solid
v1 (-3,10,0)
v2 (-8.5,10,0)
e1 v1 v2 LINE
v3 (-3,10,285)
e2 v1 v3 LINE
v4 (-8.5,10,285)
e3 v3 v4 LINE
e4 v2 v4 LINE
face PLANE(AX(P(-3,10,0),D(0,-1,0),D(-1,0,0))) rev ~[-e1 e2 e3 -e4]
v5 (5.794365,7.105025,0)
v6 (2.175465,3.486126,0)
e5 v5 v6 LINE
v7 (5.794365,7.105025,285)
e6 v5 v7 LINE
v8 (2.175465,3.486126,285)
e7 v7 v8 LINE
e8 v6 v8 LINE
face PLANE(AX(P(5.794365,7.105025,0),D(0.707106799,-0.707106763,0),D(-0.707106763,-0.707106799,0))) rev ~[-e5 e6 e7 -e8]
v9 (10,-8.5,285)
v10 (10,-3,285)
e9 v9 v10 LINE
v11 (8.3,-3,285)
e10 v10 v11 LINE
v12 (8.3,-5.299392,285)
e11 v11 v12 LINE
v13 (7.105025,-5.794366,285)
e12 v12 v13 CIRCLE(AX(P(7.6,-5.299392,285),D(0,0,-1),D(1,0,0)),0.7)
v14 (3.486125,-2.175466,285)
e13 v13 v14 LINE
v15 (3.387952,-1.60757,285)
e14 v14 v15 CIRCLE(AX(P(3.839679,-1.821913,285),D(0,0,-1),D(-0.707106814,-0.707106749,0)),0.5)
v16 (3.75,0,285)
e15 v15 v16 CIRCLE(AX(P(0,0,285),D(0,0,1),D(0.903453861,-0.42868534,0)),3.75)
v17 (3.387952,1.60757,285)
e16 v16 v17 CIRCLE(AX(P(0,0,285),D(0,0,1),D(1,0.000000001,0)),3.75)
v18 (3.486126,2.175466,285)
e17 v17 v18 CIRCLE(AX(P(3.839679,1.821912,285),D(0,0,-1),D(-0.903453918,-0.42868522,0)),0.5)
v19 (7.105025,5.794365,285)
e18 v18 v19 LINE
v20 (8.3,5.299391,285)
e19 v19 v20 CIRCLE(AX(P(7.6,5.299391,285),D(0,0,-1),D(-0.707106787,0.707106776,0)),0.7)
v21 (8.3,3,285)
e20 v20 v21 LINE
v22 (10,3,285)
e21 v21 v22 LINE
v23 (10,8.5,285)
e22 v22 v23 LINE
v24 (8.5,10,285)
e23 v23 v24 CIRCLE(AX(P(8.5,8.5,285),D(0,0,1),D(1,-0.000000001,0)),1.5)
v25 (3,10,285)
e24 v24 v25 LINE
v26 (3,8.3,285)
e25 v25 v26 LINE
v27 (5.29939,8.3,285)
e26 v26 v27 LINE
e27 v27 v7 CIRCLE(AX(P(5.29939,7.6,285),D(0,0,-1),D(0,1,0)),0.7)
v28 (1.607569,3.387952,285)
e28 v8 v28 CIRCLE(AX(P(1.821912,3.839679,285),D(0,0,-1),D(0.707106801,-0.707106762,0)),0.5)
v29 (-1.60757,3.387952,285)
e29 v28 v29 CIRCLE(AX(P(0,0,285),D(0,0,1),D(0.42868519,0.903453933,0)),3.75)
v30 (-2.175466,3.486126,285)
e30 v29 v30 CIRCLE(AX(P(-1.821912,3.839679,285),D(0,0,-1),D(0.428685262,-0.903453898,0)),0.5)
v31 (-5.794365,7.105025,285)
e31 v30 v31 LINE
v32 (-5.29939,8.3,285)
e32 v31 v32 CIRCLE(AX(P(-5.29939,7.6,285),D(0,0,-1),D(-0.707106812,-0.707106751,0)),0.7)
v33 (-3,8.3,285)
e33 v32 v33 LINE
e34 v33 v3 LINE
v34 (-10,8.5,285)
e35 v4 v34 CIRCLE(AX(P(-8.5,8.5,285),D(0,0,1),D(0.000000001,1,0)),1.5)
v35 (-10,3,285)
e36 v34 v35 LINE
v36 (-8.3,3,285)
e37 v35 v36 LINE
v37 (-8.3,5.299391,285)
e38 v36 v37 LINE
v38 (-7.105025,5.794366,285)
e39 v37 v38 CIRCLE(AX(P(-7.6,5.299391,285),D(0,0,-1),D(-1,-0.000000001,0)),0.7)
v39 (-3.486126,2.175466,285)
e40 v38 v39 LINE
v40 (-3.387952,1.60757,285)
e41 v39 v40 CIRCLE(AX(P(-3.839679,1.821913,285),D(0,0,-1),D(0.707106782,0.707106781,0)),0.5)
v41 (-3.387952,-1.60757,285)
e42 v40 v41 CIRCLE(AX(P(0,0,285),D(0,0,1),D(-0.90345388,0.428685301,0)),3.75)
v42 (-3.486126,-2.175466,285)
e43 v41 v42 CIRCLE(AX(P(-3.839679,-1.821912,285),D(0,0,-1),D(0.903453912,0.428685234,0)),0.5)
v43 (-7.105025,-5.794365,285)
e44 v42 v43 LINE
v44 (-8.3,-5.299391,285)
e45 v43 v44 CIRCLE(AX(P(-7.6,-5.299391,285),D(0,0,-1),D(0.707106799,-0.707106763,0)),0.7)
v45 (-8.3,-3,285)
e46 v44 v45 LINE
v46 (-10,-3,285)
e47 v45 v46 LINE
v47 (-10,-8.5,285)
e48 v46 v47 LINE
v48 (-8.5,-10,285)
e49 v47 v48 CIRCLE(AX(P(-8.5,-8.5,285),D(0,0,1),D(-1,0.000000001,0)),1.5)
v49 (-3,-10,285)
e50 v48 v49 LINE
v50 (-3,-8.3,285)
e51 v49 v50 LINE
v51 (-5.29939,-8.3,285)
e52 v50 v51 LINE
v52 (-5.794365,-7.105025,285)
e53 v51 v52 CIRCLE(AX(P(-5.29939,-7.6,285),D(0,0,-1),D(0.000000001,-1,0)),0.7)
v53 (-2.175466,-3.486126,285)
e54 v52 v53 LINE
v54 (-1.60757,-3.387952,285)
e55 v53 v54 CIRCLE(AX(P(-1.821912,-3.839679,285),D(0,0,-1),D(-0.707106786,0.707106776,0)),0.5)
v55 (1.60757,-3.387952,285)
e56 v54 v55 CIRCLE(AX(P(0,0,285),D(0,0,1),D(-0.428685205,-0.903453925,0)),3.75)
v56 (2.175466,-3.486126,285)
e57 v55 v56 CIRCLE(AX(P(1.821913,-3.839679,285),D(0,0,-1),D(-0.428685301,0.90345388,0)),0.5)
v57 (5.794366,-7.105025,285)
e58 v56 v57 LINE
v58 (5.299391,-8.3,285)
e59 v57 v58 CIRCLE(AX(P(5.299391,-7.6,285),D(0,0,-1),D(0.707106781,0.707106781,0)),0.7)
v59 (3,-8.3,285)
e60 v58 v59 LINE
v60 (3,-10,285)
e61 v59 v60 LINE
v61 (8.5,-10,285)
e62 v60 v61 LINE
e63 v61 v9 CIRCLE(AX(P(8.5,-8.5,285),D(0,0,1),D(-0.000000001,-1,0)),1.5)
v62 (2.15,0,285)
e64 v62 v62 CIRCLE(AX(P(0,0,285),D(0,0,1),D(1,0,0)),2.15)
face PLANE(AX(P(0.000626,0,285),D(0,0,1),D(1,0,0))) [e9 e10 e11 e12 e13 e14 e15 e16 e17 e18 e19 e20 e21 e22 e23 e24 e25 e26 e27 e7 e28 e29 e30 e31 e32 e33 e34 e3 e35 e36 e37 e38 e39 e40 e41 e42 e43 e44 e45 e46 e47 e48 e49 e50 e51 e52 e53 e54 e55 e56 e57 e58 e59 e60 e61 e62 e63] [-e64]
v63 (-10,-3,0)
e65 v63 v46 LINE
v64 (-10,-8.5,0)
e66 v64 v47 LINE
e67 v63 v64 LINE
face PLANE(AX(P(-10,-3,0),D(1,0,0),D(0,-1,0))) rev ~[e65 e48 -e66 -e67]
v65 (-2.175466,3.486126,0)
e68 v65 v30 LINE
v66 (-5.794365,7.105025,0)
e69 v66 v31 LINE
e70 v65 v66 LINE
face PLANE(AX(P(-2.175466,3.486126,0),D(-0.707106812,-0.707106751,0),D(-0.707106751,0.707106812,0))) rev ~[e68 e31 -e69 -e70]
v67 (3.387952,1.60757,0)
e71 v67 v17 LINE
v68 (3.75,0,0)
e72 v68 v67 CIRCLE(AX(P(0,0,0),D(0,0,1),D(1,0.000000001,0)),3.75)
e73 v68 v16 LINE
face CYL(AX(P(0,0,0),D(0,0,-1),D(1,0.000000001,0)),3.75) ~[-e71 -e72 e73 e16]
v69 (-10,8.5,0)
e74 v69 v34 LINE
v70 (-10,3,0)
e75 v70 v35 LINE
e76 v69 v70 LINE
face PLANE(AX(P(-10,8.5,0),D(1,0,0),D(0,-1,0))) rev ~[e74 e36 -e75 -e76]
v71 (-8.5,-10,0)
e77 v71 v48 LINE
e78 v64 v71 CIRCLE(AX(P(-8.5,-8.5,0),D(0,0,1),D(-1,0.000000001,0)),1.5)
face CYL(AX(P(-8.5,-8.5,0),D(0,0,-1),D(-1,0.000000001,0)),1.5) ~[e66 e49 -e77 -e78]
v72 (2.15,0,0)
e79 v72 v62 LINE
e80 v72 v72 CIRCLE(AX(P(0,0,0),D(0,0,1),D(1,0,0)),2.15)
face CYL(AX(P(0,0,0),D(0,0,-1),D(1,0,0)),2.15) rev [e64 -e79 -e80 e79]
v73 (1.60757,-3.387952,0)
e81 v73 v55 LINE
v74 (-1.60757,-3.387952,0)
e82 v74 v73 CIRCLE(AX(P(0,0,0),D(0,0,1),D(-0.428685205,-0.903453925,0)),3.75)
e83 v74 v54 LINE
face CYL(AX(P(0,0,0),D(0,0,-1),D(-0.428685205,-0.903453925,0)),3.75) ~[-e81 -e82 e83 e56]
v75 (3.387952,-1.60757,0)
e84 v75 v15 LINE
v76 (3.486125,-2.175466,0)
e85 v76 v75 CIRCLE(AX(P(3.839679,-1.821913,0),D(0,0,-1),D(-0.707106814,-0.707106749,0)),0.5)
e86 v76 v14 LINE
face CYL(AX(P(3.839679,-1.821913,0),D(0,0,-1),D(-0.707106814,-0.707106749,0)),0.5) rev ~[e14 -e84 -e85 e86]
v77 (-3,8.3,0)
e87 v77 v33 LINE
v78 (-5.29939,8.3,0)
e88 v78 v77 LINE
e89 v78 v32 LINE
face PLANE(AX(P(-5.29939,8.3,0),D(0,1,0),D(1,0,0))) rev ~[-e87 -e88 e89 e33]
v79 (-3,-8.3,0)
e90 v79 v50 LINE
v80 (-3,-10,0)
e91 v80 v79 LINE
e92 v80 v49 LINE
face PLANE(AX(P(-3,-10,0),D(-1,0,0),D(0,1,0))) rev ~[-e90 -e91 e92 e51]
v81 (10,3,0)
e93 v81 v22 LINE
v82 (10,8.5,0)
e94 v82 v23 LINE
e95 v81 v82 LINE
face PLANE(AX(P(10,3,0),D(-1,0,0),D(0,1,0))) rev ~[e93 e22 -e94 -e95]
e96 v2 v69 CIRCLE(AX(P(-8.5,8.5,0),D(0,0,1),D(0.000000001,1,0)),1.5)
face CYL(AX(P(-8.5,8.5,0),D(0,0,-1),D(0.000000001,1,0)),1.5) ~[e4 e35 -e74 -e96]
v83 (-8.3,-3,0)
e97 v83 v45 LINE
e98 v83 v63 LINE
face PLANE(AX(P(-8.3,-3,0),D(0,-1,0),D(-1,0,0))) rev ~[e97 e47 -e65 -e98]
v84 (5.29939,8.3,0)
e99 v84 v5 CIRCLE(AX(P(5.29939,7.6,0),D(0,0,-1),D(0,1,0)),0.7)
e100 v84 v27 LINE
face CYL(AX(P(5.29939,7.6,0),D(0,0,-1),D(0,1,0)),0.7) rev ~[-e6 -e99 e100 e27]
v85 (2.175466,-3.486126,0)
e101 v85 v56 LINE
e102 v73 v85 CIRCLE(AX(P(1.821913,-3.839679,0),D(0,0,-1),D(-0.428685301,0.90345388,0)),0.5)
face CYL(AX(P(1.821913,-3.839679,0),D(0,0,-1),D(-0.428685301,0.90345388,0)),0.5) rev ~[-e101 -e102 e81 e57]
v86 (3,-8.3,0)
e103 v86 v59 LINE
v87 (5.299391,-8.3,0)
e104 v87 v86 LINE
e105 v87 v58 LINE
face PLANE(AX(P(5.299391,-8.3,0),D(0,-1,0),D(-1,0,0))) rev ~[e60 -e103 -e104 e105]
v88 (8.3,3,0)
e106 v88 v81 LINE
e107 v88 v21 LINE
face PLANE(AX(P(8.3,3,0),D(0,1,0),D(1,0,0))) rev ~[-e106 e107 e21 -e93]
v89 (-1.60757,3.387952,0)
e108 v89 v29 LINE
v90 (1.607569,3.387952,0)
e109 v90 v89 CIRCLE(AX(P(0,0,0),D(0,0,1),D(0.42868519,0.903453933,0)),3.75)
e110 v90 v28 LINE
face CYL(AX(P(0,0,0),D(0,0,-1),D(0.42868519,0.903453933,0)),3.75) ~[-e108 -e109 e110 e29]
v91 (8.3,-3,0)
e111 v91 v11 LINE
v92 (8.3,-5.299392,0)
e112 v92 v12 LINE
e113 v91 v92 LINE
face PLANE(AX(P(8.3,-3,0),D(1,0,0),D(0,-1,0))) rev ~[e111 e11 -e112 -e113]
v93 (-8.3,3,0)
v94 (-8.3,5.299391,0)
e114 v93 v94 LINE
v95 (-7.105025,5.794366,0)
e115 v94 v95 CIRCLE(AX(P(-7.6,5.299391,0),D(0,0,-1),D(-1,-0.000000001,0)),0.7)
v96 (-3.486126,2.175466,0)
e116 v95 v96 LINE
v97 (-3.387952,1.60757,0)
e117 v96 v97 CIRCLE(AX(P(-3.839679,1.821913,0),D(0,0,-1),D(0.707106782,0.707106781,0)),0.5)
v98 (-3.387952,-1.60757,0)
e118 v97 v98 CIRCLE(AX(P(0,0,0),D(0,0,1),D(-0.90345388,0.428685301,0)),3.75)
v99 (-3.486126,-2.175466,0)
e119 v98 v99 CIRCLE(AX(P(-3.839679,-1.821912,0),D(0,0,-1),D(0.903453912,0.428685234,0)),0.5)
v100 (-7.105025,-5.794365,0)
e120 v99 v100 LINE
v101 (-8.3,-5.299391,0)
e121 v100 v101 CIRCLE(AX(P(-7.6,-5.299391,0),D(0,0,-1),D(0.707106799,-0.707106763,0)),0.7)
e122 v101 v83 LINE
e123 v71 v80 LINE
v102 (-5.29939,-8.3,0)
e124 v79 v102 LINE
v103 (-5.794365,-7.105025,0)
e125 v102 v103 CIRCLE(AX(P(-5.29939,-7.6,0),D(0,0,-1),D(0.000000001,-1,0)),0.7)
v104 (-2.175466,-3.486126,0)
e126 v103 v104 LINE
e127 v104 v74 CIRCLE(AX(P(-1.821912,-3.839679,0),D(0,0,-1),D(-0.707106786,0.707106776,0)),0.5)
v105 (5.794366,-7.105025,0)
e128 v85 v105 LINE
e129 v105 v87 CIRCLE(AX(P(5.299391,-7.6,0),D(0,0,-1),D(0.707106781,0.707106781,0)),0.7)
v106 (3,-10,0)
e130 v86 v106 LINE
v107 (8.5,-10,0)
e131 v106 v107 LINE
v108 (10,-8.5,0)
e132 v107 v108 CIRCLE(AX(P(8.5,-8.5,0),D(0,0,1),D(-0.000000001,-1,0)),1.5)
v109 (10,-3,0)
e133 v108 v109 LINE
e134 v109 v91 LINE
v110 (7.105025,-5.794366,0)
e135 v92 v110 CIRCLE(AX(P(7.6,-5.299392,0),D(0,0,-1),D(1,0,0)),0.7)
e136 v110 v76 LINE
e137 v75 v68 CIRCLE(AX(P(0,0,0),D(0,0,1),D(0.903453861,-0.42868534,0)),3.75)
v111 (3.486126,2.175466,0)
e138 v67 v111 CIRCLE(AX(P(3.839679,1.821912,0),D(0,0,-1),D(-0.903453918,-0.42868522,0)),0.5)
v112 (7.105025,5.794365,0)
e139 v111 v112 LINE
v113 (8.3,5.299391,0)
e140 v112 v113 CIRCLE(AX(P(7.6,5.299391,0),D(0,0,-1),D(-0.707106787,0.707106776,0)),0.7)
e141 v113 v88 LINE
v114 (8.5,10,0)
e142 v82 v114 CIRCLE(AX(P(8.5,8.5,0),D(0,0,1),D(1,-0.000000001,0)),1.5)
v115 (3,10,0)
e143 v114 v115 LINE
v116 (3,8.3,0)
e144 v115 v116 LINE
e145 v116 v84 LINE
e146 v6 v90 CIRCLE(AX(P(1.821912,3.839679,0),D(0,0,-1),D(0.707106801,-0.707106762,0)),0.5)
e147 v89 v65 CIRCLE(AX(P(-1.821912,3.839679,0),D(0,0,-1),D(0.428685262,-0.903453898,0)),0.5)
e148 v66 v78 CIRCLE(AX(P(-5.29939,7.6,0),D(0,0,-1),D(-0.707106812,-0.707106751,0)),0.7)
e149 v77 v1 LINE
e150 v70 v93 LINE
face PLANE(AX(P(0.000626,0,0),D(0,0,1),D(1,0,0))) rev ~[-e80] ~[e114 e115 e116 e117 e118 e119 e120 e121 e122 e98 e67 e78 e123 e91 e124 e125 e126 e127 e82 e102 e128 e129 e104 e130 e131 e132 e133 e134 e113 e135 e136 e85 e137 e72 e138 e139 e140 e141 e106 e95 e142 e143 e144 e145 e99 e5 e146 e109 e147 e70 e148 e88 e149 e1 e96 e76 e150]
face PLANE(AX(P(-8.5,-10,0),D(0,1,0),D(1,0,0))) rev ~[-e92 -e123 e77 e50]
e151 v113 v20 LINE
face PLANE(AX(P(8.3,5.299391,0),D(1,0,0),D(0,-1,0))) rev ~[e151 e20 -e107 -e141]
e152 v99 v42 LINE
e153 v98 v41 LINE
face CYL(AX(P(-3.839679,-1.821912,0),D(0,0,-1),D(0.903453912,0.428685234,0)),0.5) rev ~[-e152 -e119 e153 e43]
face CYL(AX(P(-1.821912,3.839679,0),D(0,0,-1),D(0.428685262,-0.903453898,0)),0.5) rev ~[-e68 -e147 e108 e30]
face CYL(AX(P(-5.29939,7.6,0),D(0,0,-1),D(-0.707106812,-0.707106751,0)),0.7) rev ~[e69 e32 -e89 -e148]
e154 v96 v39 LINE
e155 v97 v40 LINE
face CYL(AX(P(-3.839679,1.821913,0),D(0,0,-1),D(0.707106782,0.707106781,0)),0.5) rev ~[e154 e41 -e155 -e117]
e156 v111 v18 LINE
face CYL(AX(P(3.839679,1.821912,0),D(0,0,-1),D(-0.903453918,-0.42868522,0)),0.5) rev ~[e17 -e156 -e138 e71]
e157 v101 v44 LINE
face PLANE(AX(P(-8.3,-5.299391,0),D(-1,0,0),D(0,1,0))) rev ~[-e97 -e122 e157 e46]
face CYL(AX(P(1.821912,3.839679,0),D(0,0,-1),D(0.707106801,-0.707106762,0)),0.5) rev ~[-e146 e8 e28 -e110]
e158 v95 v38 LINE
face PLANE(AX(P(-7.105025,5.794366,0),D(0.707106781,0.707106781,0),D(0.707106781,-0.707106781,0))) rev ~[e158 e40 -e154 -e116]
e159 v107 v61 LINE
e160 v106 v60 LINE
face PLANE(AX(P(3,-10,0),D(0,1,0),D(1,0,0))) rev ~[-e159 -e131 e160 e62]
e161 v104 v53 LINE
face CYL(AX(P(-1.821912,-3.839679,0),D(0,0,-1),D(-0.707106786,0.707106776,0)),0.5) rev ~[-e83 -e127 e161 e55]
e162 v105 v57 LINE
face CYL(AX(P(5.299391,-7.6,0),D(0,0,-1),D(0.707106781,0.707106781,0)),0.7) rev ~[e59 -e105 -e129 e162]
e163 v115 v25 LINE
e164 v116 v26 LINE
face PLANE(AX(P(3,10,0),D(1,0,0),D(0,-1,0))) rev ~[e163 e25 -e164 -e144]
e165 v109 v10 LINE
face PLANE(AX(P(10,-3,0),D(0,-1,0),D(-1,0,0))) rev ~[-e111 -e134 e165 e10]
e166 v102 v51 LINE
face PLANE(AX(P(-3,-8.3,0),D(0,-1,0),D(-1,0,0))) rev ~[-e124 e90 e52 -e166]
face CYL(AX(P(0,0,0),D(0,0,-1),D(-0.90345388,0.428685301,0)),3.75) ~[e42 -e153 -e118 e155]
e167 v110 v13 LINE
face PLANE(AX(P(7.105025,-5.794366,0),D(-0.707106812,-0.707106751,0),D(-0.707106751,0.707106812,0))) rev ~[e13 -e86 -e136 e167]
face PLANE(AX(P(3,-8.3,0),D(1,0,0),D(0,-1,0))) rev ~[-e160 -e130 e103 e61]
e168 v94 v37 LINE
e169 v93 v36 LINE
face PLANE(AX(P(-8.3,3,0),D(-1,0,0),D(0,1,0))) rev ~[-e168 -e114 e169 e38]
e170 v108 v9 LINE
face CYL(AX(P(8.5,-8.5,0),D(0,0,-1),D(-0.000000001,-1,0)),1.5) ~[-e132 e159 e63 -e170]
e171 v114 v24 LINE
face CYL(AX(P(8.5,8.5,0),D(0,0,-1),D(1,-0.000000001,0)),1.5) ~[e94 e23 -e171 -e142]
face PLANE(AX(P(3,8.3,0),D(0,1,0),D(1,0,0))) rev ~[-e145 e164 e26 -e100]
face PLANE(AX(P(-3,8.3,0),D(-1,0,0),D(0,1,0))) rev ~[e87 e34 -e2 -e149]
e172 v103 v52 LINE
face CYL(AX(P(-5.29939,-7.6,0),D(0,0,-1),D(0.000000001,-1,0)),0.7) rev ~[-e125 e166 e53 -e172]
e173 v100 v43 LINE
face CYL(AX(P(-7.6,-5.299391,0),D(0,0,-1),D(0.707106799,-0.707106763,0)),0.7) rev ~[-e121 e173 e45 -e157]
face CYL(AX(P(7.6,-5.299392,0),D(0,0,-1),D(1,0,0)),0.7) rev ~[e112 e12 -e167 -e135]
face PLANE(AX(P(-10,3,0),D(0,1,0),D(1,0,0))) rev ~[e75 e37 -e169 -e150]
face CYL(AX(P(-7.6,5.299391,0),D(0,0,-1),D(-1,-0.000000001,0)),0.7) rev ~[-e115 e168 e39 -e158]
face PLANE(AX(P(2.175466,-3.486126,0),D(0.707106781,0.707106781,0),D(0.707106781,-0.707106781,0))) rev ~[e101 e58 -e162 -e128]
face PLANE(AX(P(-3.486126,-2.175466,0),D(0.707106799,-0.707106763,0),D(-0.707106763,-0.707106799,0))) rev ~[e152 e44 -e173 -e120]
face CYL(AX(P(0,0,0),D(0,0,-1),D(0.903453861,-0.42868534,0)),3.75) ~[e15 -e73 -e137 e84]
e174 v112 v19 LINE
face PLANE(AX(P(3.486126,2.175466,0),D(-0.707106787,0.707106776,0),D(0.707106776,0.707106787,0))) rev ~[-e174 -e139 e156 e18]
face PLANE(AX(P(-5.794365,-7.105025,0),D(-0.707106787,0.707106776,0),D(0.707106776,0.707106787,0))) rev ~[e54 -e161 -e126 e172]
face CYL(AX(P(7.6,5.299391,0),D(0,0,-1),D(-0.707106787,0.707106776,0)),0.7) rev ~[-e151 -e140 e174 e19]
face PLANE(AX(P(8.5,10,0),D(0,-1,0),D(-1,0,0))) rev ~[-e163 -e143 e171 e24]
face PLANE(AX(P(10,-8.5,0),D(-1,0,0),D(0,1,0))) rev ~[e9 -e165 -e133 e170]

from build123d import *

# Parameters (mm, degrees)
ESQUISSE1_R        = 2.15
BOSS_EXTRU_1_DEPTH = 285


with BuildPart() as part:
    # Esquisse1 → Boss.-Extru.1 (new body)
    with BuildSketch(Plane.XY):
        with BuildLine():
            Line((-3, 10), (-8.5, 10))
            ThreePointArc((-8.5, 10), (-9.560660172, 9.560660172), (-10, 8.5))
            Line((-10, 8.5), (-10, 3))
            Line((-10, 3), (-8.300000103, 3))
            Line((-8.300000103, 3), (-8.300000103, 5.299391013))
            ThreePointArc((-8.300000103, 5.299391013), (-7.867878523, 5.946106661), (-7.105025403, 5.794365741))
            Line((-7.105025403, 5.794365741), (-3.486125569, 2.175465907))
            ThreePointArc((-3.486125569, 2.175465907), (-3.346986783, 1.907085393), (-3.38795202, 1.607569866))
            ThreePointArc((-3.38795202, 1.607569866), (-3.749999968, 1.37e-07), (-3.387952137, -1.607569618))
            ThreePointArc((-3.387952137, -1.607569618), (-3.346986918, -1.907085124), (-3.486125693, -2.175465617))
            Line((-3.486125693, -2.175465617), (-7.10502539, -5.794365497))
            ThreePointArc((-7.10502539, -5.794365497), (-7.867878514, -5.946106433), (-8.300000103, -5.299390782))
            Line((-8.300000103, -5.299390782), (-8.300000103, -3))
            Line((-8.300000103, -3), (-10, -3))
            Line((-10, -3), (-10, -8.5))
            ThreePointArc((-10, -8.5), (-9.560660172, -9.560660172), (-8.5, -10))
            Line((-8.5, -10), (-3, -10))
            Line((-3, -10), (-3, -8.29999992))
            Line((-3, -8.29999992), (-5.299390173, -8.29999992))
            ThreePointArc((-5.299390173, -8.29999992), (-5.94610582, -7.867878342), (-5.794364905, -7.105025224))
            Line((-5.794364905, -7.105025224), (-2.175465502, -3.486125765))
            ThreePointArc((-2.175465502, -3.486125765), (-1.907085014, -3.346986981), (-1.607569506, -3.38795219))
            ThreePointArc((-1.607569506, -3.38795219), (1.99e-07, -3.749999968), (1.607569866, -3.38795202))
            ThreePointArc((1.607569866, -3.38795202), (1.907085393, -3.346986783), (2.175465907, -3.486125569))
            Line((2.175465907, -3.486125569), (5.794365558, -7.10502522))
            ThreePointArc((5.794365558, -7.10502522), (5.946106478, -7.86787834), (5.29939083, -8.29999992))
            Line((5.29939083, -8.29999992), (3, -8.29999992))
            Line((3, -8.29999992), (3, -10))
            Line((3, -10), (8.499999896, -10))
            ThreePointArc((8.499999896, -10), (9.560660068, -9.560660172), (9.999999896, -8.5))
            Line((9.999999896, -8.5), (9.999999896, -3))
            Line((9.999999896, -3), (8.300000103, -3))
            Line((8.300000103, -3), (8.300000103, -5.299391569))
            ThreePointArc((8.300000103, -5.299391569), (7.867878509, -5.946107222), (7.105025381, -5.794366275))
            Line((7.105025381, -5.794366275), (3.486125475, -2.175466057))
            ThreePointArc((3.486125475, -2.175466057), (3.346986701, -1.907085538), (3.38795195, -1.607570012))
            ThreePointArc((3.38795195, -1.607570012), (3.658368452, -0.823917488), (3.749999968, 0))
            ThreePointArc((3.749999968, 0), (3.658368507, 0.823917244), (3.387952165, 1.607569559))
            ThreePointArc((3.387952165, 1.607569559), (3.346986951, 1.907085066), (3.486125731, 2.175465556))
            Line((3.486125731, 2.175465556), (7.105025399, 5.79436528))
            ThreePointArc((7.105025399, 5.79436528), (7.86787852, 5.946106205), (8.300000103, 5.299390557))
            Line((8.300000103, 5.299390557), (8.300000103, 3))
            Line((8.300000103, 3), (9.999999896, 3))
            Line((9.999999896, 3), (9.999999896, 8.5))
            ThreePointArc((9.999999896, 8.5), (9.560660068, 9.560660172), (8.499999896, 10))
            Line((8.499999896, 10), (3.499999896, 10))
            Line((3.499999896, 10), (3, 10))
            Line((3, 10), (3, 8.29999992))
            Line((3, 8.29999992), (5.299389948, 8.29999992))
            ThreePointArc((5.299389948, 8.29999992), (5.946105592, 7.867878348), (5.794364688, 7.105025232))
            Line((5.794364688, 7.105025232), (2.175465441, 3.486125803))
            ThreePointArc((2.175465441, 3.486125803), (1.907084956, 3.346987014), (1.607569447, 3.387952218))
            ThreePointArc((1.607569447, 3.387952218), (-1.51e-07, 3.749999968), (-1.60756972, 3.387952089))
            ThreePointArc((-1.60756972, 3.387952089), (-1.907085249, 3.346986865), (-2.175465757, 3.486125663))
            Line((-2.175465757, 3.486125663), (-5.794365024, 7.105025241))
            ThreePointArc((-5.794365024, 7.105025241), (-5.946105917, 7.867878353), (-5.299390275, 8.29999992))
            Line((-5.299390275, 8.29999992), (-3, 8.29999992))
            Line((-3, 8.29999992), (-3, 10))
        make_face()
        Circle(ESQUISSE1_R, mode=Mode.SUBTRACT)
    extrude(amount=BOSS_EXTRU_1_DEPTH)


solid = part.part
